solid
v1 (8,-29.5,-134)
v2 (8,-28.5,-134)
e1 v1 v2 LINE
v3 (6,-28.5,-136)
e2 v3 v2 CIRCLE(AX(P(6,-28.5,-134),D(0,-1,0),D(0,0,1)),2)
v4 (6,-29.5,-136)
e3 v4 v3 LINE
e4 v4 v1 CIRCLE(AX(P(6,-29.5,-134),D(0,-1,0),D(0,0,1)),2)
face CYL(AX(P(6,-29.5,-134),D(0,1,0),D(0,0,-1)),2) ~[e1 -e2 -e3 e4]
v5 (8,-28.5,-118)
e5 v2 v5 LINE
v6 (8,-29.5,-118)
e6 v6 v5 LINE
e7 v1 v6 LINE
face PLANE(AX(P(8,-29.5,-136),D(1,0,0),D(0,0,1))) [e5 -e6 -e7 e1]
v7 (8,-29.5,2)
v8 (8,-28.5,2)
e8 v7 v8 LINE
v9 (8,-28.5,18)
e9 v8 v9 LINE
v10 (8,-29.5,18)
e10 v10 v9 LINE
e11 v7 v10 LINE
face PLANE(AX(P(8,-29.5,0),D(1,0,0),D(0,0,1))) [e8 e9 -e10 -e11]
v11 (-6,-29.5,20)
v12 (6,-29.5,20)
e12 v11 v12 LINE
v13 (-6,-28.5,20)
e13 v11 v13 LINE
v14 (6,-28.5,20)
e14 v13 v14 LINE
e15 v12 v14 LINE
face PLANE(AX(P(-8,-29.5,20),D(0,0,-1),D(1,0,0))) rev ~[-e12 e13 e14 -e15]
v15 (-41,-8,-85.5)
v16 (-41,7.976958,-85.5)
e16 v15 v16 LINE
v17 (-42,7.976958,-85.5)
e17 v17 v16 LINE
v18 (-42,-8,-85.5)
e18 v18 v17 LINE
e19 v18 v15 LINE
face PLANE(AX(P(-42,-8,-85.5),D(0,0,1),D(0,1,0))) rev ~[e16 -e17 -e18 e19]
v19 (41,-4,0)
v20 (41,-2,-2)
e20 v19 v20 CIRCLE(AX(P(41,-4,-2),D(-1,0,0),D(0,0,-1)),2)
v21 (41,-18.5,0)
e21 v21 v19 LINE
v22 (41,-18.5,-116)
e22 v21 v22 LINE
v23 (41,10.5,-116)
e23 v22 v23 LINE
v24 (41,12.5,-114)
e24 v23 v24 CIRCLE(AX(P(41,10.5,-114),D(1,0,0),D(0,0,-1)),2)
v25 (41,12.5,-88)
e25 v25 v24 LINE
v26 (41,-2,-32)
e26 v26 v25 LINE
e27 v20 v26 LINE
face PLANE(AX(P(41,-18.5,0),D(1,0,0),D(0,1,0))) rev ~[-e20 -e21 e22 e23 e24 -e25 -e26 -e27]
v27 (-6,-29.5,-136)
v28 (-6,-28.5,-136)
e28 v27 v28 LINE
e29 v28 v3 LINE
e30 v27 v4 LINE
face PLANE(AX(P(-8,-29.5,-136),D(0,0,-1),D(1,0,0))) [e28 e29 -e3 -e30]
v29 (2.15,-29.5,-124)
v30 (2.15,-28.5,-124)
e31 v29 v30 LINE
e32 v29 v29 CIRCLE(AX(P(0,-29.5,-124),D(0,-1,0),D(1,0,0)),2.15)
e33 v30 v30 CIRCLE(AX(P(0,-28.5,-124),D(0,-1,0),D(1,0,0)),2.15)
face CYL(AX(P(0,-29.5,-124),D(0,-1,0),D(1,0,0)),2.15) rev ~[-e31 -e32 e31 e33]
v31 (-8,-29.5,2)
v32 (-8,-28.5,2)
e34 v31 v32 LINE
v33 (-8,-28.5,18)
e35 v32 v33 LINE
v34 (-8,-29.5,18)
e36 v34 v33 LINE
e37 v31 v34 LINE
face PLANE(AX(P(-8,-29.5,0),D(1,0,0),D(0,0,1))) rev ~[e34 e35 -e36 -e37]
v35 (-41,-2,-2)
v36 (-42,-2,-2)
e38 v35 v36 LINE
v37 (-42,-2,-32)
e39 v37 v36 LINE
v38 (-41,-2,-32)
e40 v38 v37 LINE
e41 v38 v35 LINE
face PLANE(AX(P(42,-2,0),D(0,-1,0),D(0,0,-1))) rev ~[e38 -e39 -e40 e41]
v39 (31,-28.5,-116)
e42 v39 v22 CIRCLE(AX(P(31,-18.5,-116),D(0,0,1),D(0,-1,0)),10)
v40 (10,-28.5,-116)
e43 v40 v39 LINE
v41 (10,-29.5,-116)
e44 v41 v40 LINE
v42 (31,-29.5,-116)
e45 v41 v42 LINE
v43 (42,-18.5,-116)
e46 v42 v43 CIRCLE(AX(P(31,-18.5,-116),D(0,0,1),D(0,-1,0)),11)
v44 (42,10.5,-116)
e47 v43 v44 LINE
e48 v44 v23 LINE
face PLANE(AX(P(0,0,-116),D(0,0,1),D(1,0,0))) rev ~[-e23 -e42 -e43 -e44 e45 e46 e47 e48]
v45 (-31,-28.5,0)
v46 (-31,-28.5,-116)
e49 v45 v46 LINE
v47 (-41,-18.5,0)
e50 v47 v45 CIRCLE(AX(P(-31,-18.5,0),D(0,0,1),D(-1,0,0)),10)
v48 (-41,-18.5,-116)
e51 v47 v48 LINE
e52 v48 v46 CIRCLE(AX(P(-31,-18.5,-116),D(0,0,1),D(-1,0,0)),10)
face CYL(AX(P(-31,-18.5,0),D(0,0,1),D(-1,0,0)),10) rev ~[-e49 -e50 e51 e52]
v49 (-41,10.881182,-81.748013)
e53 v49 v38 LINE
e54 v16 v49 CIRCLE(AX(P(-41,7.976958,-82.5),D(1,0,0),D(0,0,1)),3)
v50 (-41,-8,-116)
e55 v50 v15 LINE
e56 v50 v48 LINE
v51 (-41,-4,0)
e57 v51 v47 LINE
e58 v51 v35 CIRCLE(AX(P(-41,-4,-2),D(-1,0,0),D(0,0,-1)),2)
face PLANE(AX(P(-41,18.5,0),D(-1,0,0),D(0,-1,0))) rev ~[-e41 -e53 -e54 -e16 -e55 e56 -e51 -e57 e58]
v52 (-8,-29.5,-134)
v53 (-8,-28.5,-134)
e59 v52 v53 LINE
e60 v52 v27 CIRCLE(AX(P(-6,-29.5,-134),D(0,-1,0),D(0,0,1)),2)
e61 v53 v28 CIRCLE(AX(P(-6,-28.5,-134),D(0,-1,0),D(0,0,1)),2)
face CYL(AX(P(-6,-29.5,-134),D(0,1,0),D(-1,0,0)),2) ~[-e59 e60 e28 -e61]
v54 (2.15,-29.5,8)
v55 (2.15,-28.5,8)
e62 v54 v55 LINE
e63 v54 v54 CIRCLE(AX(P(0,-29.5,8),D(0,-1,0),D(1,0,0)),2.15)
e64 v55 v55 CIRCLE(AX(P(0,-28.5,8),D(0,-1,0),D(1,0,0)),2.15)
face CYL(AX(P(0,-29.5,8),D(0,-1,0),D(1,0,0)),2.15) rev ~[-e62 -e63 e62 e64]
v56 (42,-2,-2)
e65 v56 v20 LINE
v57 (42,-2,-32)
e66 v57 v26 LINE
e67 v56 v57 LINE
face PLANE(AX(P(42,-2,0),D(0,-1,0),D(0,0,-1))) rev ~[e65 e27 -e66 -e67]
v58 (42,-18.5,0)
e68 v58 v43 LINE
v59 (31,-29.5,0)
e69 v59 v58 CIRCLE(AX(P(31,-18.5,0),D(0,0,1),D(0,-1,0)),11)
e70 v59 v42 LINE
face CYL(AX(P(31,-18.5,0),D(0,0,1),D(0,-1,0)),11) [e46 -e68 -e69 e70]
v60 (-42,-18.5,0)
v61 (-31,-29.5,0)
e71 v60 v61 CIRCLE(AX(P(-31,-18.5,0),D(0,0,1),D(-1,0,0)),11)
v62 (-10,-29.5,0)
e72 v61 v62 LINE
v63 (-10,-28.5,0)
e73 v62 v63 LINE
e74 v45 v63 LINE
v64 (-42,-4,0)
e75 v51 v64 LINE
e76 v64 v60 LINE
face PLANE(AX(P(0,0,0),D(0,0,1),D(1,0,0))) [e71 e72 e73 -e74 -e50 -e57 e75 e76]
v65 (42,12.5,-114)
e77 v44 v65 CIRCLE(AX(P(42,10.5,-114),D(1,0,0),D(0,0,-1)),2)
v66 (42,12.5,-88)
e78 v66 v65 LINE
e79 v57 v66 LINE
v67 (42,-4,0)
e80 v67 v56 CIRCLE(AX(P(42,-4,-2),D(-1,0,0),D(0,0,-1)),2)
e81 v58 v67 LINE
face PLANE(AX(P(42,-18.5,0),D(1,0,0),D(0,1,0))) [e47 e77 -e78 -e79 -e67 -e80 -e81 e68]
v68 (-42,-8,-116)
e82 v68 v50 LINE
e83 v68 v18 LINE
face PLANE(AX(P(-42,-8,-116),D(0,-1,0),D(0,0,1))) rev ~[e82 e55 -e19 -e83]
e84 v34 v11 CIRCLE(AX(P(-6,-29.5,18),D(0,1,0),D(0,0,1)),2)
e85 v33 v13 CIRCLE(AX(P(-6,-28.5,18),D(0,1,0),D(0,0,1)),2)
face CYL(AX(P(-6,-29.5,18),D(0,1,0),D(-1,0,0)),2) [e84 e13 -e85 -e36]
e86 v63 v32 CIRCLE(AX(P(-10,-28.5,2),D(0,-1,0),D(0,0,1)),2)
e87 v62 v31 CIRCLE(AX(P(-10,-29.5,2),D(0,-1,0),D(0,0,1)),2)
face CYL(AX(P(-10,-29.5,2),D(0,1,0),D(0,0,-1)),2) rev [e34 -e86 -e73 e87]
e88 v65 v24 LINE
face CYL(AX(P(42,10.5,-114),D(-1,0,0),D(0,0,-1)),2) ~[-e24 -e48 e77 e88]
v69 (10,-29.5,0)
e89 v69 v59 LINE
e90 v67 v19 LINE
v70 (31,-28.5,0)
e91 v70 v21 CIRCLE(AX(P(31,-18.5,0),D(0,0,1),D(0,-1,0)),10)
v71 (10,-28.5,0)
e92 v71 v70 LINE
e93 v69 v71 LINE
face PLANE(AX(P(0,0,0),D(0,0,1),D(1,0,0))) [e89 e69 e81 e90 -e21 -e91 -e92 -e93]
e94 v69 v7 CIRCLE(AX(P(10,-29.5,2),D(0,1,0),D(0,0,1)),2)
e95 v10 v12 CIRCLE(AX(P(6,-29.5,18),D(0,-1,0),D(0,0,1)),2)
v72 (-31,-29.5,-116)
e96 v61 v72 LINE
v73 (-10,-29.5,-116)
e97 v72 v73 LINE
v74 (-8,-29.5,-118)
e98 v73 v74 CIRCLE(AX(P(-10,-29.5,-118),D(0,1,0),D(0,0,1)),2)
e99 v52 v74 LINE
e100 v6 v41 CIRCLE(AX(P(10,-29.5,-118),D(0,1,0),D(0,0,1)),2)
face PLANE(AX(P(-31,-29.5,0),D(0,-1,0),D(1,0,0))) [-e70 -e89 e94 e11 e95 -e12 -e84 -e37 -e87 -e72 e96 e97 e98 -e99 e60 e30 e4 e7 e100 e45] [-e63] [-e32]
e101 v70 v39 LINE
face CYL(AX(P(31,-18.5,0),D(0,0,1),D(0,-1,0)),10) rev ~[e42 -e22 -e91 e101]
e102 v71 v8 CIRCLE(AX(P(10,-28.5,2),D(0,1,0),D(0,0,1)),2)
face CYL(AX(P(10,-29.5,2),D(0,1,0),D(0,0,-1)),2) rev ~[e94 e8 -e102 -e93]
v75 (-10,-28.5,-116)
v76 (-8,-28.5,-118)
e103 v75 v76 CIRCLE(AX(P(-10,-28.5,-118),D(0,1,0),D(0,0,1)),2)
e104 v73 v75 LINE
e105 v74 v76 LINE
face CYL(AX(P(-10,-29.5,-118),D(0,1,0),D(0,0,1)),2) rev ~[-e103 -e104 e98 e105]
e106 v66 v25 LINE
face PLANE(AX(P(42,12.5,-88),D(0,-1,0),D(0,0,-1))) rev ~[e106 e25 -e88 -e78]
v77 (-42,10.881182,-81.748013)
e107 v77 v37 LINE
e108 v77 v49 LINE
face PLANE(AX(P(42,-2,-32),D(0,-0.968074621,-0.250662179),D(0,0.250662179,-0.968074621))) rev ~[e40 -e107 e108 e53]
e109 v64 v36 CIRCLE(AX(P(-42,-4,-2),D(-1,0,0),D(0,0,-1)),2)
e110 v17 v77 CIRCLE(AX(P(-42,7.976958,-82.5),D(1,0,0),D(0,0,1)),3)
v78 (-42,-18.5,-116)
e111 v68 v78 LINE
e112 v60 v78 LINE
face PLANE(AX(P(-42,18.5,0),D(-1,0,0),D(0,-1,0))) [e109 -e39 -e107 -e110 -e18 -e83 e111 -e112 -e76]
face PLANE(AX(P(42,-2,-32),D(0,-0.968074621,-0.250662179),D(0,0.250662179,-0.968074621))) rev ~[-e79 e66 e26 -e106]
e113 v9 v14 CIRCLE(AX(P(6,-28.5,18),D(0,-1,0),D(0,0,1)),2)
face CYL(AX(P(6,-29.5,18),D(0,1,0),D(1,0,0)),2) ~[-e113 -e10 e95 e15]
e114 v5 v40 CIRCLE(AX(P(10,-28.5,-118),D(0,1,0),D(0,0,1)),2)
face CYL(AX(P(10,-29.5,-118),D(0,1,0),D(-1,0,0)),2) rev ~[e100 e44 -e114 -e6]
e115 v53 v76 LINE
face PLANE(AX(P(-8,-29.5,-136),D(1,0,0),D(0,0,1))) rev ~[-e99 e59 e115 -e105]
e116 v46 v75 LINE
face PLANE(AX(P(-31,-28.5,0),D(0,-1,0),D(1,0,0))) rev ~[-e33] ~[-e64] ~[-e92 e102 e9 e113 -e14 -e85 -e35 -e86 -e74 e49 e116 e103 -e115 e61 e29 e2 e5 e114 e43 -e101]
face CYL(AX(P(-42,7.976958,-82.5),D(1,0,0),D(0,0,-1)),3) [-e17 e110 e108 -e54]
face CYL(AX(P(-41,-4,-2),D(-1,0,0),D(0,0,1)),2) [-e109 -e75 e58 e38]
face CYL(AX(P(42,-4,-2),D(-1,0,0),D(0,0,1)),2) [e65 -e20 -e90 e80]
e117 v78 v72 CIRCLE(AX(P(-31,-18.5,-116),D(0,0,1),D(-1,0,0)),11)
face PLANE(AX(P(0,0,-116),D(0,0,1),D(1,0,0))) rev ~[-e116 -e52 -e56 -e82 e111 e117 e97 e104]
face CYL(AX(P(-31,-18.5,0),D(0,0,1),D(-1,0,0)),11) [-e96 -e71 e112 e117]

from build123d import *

# Parameters (mm, degrees)
BOSS_EXTRUDE1_DEPTH = 116
SKETCH2_W           = 16
SKETCH2_H           = 20
BOSS_EXTRUDE2_DEPTH = 1
CUT_EXTRUDE1_DEPTH  = 163.549223314
FILLET1_R           = 2
CUT_EXTRUDE2_DEPTH  = 1
FILLET2_R           = 3
SKETCH6_R           = 2.15
CUT_EXTRUDE3_DEPTH  = 1


with BuildPart() as part:
    # Sketch1 → Boss-Extrude1 (new body)
    with BuildSketch(Plane.XY):
        with BuildLine():
            Line((-42, 18.5), (-42, -18.5))
            ThreePointArc((-42, -18.5), (-38.778174593, -26.278174593), (-31, -29.5))
            Line((-31, -29.5), (31, -29.5))
            ThreePointArc((31, -29.5), (38.778174593, -26.278174593), (42, -18.5))
            Line((42, -18.5), (42, 18.5))
            ThreePointArc((42, 18.5), (38.778174593, 26.278174593), (31, 29.5))
            Line((31, 29.5), (-31, 29.5))
            ThreePointArc((-31, 29.5), (-38.778174593, 26.278174593), (-42, 18.5))
        make_face()
        with BuildLine():
            ThreePointArc((-31, 28.5), (-38.071067812, 25.571067812), (-41, 18.5))
            Line((-41, 18.5), (-41, -18.5))
            ThreePointArc((-41, -18.5), (-38.071067812, -25.571067812), (-31, -28.5))
            Line((-31, -28.5), (31, -28.5))
            ThreePointArc((31, -28.5), (38.071067812, -25.571067812), (41, -18.5))
            Line((41, -18.5), (41, 18.5))
            ThreePointArc((41, 18.5), (38.071067812, 25.571067812), (31, 28.5))
            Line((31, 28.5), (-31, 28.5))
        make_face(mode=Mode.SUBTRACT)
    extrude(amount=-BOSS_EXTRUDE1_DEPTH)

    # Sketch2 → Boss-Extrude2 (add)
    with BuildSketch(Plane.XZ.offset(29.5)):
        with Locations((0, 10)):
            Rectangle(SKETCH2_W, SKETCH2_H)
        with Locations((0, -126)):
            Rectangle(SKETCH2_W, SKETCH2_H)
    extrude(amount=-BOSS_EXTRUDE2_DEPTH)

    # Sketch3 → Cut-Extrude1 (cut, through all)
    with BuildSketch(Plane(origin=(42, 0, 0), x_dir=(0, 0, -1), z_dir=(1, 0, 0))):
        Polygon((0, -2), (32, -2), (88, 12.5), (116, 12.5), (116, 29.5), (0, 29.5), align=None)
    extrude(amount=-CUT_EXTRUDE1_DEPTH, mode=Mode.SUBTRACT)

    # Fillet1
    fillet1_edges = [part.edges().sort_by_distance(p)[0] for p in [
        (8, -29, 20),
        (8, -29, 0),
        (-8, -29, 0),
        (-8, -29, 20),
        (-8, -29, -136),
        (-8, -29, -116),
        (8, -29, -116),
        (8, -29, -136),
        (41.5, -2, 0),
        (-41.5, 12.5, -116),
        (41.5, 12.5, -116),
        (-41.5, -2, 0),
    ]]
    fillet(fillet1_edges, radius=FILLET1_R)

    # Sketch5 → Cut-Extrude2 (cut)
    with BuildSketch(Plane.ZY.offset(42)):
        with BuildLine():
            Line((-113, -8), (-113, 12.5))
            Line((-113, 12.5), (-114, 12.5))
            ThreePointArc((-114, 12.5), (-115.414213562, 11.914213562), (-116, 10.5))
            Line((-116, 10.5), (-116, -8))
            Line((-116, -8), (-113, -8))
        make_face()
        Polygon((-88, 12.5), (-113, 12.5), (-113, -8), (-85.5, -8), (-85.5, 11.852678571), align=None)
    extrude(amount=-CUT_EXTRUDE2_DEPTH, mode=Mode.SUBTRACT)

    # Fillet2
    fillet2_edges = [part.edges().sort_by_distance(p)[0] for p in [
        (-41.5, 11.852678571, -85.5),
    ]]
    fillet(fillet2_edges, radius=FILLET2_R)

    # Sketch6 → Cut-Extrude3 (cut)
    with BuildSketch(Plane.XZ.offset(29.5)):
        with Locations((0, -124)):
            Circle(SKETCH6_R)
        with Locations((0, 8)):
            Circle(SKETCH6_R)
    extrude(amount=-CUT_EXTRUDE3_DEPTH, mode=Mode.SUBTRACT)


solid = part.part
